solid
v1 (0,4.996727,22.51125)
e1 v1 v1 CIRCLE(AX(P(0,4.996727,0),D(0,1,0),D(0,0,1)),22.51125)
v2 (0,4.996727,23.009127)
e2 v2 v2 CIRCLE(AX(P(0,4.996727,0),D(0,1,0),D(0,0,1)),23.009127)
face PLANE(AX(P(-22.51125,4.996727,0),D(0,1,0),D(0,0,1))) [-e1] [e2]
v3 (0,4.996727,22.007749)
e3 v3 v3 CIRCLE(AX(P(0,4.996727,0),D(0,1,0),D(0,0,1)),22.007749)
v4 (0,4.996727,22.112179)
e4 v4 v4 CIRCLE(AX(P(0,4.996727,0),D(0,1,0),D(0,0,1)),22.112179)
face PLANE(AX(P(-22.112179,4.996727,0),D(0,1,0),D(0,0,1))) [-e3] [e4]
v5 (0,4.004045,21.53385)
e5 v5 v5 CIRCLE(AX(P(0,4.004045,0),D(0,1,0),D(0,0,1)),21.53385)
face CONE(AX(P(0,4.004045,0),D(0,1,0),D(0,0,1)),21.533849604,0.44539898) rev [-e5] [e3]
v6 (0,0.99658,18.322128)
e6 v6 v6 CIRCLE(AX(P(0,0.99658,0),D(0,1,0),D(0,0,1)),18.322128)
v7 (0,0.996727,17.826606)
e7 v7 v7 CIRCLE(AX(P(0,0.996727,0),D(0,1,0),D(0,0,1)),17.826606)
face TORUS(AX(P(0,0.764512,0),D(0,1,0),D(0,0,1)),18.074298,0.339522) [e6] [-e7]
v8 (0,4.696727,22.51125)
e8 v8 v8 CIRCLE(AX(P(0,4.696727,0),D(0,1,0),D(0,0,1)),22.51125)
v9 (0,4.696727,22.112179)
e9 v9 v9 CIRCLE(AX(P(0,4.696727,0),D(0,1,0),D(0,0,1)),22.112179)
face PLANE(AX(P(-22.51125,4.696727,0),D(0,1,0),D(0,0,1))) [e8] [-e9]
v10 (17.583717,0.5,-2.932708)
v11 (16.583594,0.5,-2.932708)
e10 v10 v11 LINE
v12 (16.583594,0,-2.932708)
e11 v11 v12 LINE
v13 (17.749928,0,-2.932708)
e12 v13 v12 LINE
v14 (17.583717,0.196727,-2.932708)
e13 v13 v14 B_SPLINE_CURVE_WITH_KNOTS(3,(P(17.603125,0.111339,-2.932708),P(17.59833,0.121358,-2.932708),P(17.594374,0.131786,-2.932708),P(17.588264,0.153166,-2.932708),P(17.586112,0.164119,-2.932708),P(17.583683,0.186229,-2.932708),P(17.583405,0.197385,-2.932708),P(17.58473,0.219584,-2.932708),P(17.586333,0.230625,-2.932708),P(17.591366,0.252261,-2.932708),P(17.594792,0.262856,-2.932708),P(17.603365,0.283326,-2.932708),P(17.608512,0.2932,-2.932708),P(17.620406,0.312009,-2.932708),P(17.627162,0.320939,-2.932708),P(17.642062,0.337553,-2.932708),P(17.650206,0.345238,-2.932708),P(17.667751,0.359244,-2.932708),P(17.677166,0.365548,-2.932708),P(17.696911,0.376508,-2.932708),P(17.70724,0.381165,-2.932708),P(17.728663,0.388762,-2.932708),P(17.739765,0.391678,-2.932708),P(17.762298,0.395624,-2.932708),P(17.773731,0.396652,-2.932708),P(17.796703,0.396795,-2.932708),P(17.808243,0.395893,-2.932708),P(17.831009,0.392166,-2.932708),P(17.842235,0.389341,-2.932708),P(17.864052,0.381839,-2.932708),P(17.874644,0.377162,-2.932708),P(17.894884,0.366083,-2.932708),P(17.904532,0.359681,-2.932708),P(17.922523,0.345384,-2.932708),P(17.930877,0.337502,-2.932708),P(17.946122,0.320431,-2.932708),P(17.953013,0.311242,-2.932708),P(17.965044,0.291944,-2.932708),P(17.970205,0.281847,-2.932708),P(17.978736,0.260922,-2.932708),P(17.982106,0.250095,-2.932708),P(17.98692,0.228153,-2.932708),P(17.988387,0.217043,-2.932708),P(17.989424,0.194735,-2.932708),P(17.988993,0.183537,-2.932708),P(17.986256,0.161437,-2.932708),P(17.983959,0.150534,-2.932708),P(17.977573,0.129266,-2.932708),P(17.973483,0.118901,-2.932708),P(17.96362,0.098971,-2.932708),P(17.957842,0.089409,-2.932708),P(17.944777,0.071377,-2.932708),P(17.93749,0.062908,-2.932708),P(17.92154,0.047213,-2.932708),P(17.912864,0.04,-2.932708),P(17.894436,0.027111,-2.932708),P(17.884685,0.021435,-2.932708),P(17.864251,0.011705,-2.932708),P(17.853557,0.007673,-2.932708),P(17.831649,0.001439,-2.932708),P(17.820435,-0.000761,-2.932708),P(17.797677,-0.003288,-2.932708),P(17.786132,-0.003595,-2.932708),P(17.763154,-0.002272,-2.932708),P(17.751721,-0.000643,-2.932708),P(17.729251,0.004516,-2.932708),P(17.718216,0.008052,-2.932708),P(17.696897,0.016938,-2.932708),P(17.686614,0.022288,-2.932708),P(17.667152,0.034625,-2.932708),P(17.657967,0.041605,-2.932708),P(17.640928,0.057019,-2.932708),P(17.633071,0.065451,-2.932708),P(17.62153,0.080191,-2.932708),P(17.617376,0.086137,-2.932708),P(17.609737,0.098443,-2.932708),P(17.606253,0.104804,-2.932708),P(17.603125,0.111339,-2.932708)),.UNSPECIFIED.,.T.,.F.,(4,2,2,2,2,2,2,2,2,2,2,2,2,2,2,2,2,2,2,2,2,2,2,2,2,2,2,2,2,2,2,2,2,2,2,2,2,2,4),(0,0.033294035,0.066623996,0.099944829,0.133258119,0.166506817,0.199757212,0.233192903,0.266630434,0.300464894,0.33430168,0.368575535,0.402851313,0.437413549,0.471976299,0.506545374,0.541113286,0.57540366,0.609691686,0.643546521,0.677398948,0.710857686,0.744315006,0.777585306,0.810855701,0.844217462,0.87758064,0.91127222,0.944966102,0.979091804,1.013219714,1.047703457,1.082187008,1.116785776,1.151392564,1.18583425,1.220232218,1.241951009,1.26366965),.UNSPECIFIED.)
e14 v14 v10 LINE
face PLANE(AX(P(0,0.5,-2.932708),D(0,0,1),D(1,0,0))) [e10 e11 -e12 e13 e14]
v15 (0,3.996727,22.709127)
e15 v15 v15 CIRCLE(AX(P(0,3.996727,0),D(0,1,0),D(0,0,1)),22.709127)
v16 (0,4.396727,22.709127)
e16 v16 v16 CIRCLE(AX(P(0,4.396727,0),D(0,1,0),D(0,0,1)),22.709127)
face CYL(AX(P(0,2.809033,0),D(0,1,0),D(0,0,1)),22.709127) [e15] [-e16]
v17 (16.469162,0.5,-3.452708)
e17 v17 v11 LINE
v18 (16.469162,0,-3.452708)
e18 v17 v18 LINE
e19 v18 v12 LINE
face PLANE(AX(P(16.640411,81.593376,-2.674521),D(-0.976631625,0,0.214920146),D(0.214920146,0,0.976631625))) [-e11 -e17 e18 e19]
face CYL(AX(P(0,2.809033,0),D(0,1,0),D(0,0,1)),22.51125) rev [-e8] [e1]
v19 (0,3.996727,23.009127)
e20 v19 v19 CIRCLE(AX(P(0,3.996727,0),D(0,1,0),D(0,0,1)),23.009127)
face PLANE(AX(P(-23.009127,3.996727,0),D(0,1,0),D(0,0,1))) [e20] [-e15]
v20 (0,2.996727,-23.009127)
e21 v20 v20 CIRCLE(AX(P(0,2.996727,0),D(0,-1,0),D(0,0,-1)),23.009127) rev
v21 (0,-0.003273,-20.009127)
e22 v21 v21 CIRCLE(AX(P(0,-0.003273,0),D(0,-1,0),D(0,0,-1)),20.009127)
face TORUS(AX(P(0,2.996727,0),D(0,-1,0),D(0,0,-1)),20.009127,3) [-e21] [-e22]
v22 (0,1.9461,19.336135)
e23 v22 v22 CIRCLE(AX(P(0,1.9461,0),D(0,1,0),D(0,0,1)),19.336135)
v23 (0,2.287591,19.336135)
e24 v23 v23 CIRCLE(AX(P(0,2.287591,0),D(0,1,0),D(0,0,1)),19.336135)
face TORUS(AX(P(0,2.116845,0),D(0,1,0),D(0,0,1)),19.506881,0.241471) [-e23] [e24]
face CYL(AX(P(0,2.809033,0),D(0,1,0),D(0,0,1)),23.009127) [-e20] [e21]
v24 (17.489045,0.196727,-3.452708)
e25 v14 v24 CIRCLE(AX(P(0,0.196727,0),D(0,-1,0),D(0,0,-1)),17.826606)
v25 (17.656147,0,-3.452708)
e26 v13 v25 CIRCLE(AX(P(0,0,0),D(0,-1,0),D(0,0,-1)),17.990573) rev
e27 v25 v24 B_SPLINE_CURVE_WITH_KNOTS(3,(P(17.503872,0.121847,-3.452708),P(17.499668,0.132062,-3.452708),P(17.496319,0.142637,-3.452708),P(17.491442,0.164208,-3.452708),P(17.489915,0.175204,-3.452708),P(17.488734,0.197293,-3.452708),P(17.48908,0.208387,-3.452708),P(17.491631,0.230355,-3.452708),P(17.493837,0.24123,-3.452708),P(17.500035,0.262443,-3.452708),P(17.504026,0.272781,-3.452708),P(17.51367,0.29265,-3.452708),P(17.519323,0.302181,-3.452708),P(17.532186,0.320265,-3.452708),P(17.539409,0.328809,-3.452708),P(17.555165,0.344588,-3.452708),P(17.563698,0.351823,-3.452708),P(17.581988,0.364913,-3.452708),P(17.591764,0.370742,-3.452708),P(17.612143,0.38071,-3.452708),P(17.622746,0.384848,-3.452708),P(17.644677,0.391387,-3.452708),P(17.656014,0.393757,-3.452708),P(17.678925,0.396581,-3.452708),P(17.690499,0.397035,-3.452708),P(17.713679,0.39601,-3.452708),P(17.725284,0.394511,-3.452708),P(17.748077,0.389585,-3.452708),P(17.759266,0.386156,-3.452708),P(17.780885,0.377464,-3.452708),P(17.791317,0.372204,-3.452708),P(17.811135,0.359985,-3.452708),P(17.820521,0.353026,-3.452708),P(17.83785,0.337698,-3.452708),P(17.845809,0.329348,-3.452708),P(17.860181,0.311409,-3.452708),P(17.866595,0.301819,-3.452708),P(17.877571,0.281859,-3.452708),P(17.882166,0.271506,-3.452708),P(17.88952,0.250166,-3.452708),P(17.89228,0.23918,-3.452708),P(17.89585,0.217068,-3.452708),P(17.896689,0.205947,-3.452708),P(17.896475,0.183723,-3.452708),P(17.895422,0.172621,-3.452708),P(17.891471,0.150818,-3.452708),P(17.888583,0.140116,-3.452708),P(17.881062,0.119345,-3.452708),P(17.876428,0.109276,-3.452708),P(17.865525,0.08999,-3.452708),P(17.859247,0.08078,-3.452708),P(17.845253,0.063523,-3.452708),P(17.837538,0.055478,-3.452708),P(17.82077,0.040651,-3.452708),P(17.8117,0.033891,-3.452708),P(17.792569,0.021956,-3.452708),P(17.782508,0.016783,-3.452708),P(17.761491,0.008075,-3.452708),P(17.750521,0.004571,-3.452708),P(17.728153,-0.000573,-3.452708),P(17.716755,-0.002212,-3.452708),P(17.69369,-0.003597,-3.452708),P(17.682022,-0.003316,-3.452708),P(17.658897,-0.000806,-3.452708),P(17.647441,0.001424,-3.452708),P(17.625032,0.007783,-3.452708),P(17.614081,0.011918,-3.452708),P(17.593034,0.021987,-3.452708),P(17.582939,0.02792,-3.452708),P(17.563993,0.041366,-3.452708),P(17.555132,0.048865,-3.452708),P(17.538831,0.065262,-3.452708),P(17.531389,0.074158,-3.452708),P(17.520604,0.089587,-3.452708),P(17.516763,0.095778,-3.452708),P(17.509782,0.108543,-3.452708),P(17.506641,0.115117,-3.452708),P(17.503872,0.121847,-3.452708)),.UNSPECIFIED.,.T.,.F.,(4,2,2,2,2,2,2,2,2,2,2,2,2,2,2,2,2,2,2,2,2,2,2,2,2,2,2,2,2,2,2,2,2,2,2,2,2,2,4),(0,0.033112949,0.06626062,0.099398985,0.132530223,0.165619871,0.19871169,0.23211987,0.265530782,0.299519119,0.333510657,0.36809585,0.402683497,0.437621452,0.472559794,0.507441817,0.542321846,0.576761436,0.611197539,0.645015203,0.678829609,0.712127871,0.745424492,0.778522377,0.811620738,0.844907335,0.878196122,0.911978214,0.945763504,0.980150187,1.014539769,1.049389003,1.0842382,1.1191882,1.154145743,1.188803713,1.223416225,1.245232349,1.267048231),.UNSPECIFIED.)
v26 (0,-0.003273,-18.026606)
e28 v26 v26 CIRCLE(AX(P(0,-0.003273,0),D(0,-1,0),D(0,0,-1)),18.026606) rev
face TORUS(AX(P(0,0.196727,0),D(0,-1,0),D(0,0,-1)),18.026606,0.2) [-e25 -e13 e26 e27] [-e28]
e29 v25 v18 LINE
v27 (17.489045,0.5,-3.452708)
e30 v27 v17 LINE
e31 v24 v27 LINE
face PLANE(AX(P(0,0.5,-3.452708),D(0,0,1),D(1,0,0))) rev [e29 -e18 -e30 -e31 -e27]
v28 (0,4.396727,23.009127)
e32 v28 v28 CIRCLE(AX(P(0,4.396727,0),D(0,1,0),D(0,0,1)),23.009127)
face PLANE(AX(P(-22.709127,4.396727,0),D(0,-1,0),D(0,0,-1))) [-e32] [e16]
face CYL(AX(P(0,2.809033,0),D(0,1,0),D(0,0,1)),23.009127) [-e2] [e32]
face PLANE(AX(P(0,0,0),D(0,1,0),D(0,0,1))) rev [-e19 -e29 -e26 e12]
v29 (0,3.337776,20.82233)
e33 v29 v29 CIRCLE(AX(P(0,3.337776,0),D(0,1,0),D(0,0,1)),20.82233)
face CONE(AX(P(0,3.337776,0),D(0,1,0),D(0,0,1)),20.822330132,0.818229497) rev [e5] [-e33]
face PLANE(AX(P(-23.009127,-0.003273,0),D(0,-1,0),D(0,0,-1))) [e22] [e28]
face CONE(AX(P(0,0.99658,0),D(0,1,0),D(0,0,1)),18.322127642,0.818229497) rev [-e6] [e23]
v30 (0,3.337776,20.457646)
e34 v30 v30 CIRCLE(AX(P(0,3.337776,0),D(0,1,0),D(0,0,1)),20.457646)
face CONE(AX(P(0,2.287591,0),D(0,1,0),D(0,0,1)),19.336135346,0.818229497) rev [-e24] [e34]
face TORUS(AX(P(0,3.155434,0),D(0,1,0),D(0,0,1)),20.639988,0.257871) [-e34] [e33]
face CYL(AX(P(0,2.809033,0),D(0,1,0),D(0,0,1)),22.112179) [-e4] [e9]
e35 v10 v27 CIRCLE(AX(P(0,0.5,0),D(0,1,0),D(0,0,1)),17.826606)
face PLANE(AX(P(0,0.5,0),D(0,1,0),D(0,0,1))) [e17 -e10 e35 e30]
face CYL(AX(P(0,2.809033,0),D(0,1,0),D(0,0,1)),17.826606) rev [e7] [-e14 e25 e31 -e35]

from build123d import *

# Parameters (mm, degrees)
FILLET1_R               = 3
FILLET2_R               = 0.2
SKETCH2_W               = 3.548736527
SKETCH2_H               = 0.52
BOSS_EXTRUDE2_DEPTH     = 0.5
CUT_EXTRUDE3_DEPTH      = 33.9212261
CUT_EXTRUDE3_DEPTH_BACK = 33.9212261


with BuildPart() as part:
    # Sketch1 → Revolve1 (revolve)
    with BuildSketch(Plane.XY, mode=Mode.PRIVATE) as revolve1_sk:
        with BuildLine():
            Line((-23.009126928, -0.003272675), (-23.009126928, 3.996727325))
            Line((-23.009126928, 3.996727325), (-22.709126928, 3.996727325))
            Line((-22.709126928, 3.996727325), (-22.709126928, 4.396727325))
            Line((-22.709126928, 4.396727325), (-23.009126928, 4.396727325))
            Line((-23.009126928, 4.396727325), (-23.009126928, 4.996727325))
            Line((-23.009126928, 4.996727325), (-22.511249778, 4.996727325))
            Line((-22.511249778, 4.996727325), (-22.511249778, 4.696727325))
            Line((-22.511249778, 4.696727325), (-22.112179085, 4.696727325))
            Line((-22.112179085, 4.696727325), (-22.112179085, 4.996727325))
            Line((-22.112179085, 4.996727325), (-22.007749371, 4.996727325))
            Line((-22.007749371, 4.996727325), (-21.533849604, 4.004044591))
            Line((-21.533849604, 4.004044591), (-20.822330132, 3.337775998))
            ThreePointArc((-20.822330132, 3.337775998), (-20.639987918, 3.413304615), (-20.457645705, 3.337775998))
            Line((-20.457645705, 3.337775998), (-19.336135346, 2.287590924))
            ThreePointArc((-19.336135346, 2.287590924), (-19.265410161, 2.116845225), (-19.336135346, 1.946099525))
            Line((-19.336135346, 1.946099525), (-18.322127642, 0.996580204))
            ThreePointArc((-18.322127642, 0.996580204), (-18.07439859, 1.104034043), (-17.826605775, 0.996727325))
            Line((-17.826605775, 0.996727325), (-17.826605775, -0.003272675))
            Line((-17.826605775, -0.003272675), (-23.009126928, -0.003272675))
        make_face()
    revolve(revolve1_sk.sketch.rotate(Axis((0, 2.809033385, 0), (0, -1, 0)), 270), axis=Axis((0, 2.809033385, 0), (0, -1, 0)))

    # Fillet1
    fillet1_edges = [part.edges().sort_by_distance(p)[0] for p in [
        (0, -0.003272675, -23.009126928),
    ]]
    fillet(fillet1_edges, radius=FILLET1_R)

    # Fillet2
    fillet2_edges = [part.edges().sort_by_distance(p)[0] for p in [
        (0, -0.003272675, -17.826605775),
    ]]
    fillet(fillet2_edges, radius=FILLET2_R)

    # Sketch2 → Boss-Extrude2 (add)
    with BuildSketch(Plane(origin=(0, 0, 0), x_dir=(1, 0, 0), z_dir=(0, 1, 0))):
        with Locations((17.741621397, 3.192708257)):
            Rectangle(SKETCH2_W, SKETCH2_H)
    extrude(amount=BOSS_EXTRUDE2_DEPTH)

    # Sketch6 → Cut-Extrude3 (cut, two sides: drawn at the far end of the back side and taken through both)
    with BuildSketch(Plane(origin=(0, 0, 0), x_dir=(1, 0, 0), z_dir=(0, 1, 0)).offset(-CUT_EXTRUDE3_DEPTH_BACK)):
        Polygon((15.967253133, 2.932708257), (16.583594091, 2.932708257), (16.469161512, 3.452708257), (15.967253133, 3.452708257), align=None)
    extrude(amount=CUT_EXTRUDE3_DEPTH + CUT_EXTRUDE3_DEPTH_BACK, mode=Mode.SUBTRACT)


solid = part.part
